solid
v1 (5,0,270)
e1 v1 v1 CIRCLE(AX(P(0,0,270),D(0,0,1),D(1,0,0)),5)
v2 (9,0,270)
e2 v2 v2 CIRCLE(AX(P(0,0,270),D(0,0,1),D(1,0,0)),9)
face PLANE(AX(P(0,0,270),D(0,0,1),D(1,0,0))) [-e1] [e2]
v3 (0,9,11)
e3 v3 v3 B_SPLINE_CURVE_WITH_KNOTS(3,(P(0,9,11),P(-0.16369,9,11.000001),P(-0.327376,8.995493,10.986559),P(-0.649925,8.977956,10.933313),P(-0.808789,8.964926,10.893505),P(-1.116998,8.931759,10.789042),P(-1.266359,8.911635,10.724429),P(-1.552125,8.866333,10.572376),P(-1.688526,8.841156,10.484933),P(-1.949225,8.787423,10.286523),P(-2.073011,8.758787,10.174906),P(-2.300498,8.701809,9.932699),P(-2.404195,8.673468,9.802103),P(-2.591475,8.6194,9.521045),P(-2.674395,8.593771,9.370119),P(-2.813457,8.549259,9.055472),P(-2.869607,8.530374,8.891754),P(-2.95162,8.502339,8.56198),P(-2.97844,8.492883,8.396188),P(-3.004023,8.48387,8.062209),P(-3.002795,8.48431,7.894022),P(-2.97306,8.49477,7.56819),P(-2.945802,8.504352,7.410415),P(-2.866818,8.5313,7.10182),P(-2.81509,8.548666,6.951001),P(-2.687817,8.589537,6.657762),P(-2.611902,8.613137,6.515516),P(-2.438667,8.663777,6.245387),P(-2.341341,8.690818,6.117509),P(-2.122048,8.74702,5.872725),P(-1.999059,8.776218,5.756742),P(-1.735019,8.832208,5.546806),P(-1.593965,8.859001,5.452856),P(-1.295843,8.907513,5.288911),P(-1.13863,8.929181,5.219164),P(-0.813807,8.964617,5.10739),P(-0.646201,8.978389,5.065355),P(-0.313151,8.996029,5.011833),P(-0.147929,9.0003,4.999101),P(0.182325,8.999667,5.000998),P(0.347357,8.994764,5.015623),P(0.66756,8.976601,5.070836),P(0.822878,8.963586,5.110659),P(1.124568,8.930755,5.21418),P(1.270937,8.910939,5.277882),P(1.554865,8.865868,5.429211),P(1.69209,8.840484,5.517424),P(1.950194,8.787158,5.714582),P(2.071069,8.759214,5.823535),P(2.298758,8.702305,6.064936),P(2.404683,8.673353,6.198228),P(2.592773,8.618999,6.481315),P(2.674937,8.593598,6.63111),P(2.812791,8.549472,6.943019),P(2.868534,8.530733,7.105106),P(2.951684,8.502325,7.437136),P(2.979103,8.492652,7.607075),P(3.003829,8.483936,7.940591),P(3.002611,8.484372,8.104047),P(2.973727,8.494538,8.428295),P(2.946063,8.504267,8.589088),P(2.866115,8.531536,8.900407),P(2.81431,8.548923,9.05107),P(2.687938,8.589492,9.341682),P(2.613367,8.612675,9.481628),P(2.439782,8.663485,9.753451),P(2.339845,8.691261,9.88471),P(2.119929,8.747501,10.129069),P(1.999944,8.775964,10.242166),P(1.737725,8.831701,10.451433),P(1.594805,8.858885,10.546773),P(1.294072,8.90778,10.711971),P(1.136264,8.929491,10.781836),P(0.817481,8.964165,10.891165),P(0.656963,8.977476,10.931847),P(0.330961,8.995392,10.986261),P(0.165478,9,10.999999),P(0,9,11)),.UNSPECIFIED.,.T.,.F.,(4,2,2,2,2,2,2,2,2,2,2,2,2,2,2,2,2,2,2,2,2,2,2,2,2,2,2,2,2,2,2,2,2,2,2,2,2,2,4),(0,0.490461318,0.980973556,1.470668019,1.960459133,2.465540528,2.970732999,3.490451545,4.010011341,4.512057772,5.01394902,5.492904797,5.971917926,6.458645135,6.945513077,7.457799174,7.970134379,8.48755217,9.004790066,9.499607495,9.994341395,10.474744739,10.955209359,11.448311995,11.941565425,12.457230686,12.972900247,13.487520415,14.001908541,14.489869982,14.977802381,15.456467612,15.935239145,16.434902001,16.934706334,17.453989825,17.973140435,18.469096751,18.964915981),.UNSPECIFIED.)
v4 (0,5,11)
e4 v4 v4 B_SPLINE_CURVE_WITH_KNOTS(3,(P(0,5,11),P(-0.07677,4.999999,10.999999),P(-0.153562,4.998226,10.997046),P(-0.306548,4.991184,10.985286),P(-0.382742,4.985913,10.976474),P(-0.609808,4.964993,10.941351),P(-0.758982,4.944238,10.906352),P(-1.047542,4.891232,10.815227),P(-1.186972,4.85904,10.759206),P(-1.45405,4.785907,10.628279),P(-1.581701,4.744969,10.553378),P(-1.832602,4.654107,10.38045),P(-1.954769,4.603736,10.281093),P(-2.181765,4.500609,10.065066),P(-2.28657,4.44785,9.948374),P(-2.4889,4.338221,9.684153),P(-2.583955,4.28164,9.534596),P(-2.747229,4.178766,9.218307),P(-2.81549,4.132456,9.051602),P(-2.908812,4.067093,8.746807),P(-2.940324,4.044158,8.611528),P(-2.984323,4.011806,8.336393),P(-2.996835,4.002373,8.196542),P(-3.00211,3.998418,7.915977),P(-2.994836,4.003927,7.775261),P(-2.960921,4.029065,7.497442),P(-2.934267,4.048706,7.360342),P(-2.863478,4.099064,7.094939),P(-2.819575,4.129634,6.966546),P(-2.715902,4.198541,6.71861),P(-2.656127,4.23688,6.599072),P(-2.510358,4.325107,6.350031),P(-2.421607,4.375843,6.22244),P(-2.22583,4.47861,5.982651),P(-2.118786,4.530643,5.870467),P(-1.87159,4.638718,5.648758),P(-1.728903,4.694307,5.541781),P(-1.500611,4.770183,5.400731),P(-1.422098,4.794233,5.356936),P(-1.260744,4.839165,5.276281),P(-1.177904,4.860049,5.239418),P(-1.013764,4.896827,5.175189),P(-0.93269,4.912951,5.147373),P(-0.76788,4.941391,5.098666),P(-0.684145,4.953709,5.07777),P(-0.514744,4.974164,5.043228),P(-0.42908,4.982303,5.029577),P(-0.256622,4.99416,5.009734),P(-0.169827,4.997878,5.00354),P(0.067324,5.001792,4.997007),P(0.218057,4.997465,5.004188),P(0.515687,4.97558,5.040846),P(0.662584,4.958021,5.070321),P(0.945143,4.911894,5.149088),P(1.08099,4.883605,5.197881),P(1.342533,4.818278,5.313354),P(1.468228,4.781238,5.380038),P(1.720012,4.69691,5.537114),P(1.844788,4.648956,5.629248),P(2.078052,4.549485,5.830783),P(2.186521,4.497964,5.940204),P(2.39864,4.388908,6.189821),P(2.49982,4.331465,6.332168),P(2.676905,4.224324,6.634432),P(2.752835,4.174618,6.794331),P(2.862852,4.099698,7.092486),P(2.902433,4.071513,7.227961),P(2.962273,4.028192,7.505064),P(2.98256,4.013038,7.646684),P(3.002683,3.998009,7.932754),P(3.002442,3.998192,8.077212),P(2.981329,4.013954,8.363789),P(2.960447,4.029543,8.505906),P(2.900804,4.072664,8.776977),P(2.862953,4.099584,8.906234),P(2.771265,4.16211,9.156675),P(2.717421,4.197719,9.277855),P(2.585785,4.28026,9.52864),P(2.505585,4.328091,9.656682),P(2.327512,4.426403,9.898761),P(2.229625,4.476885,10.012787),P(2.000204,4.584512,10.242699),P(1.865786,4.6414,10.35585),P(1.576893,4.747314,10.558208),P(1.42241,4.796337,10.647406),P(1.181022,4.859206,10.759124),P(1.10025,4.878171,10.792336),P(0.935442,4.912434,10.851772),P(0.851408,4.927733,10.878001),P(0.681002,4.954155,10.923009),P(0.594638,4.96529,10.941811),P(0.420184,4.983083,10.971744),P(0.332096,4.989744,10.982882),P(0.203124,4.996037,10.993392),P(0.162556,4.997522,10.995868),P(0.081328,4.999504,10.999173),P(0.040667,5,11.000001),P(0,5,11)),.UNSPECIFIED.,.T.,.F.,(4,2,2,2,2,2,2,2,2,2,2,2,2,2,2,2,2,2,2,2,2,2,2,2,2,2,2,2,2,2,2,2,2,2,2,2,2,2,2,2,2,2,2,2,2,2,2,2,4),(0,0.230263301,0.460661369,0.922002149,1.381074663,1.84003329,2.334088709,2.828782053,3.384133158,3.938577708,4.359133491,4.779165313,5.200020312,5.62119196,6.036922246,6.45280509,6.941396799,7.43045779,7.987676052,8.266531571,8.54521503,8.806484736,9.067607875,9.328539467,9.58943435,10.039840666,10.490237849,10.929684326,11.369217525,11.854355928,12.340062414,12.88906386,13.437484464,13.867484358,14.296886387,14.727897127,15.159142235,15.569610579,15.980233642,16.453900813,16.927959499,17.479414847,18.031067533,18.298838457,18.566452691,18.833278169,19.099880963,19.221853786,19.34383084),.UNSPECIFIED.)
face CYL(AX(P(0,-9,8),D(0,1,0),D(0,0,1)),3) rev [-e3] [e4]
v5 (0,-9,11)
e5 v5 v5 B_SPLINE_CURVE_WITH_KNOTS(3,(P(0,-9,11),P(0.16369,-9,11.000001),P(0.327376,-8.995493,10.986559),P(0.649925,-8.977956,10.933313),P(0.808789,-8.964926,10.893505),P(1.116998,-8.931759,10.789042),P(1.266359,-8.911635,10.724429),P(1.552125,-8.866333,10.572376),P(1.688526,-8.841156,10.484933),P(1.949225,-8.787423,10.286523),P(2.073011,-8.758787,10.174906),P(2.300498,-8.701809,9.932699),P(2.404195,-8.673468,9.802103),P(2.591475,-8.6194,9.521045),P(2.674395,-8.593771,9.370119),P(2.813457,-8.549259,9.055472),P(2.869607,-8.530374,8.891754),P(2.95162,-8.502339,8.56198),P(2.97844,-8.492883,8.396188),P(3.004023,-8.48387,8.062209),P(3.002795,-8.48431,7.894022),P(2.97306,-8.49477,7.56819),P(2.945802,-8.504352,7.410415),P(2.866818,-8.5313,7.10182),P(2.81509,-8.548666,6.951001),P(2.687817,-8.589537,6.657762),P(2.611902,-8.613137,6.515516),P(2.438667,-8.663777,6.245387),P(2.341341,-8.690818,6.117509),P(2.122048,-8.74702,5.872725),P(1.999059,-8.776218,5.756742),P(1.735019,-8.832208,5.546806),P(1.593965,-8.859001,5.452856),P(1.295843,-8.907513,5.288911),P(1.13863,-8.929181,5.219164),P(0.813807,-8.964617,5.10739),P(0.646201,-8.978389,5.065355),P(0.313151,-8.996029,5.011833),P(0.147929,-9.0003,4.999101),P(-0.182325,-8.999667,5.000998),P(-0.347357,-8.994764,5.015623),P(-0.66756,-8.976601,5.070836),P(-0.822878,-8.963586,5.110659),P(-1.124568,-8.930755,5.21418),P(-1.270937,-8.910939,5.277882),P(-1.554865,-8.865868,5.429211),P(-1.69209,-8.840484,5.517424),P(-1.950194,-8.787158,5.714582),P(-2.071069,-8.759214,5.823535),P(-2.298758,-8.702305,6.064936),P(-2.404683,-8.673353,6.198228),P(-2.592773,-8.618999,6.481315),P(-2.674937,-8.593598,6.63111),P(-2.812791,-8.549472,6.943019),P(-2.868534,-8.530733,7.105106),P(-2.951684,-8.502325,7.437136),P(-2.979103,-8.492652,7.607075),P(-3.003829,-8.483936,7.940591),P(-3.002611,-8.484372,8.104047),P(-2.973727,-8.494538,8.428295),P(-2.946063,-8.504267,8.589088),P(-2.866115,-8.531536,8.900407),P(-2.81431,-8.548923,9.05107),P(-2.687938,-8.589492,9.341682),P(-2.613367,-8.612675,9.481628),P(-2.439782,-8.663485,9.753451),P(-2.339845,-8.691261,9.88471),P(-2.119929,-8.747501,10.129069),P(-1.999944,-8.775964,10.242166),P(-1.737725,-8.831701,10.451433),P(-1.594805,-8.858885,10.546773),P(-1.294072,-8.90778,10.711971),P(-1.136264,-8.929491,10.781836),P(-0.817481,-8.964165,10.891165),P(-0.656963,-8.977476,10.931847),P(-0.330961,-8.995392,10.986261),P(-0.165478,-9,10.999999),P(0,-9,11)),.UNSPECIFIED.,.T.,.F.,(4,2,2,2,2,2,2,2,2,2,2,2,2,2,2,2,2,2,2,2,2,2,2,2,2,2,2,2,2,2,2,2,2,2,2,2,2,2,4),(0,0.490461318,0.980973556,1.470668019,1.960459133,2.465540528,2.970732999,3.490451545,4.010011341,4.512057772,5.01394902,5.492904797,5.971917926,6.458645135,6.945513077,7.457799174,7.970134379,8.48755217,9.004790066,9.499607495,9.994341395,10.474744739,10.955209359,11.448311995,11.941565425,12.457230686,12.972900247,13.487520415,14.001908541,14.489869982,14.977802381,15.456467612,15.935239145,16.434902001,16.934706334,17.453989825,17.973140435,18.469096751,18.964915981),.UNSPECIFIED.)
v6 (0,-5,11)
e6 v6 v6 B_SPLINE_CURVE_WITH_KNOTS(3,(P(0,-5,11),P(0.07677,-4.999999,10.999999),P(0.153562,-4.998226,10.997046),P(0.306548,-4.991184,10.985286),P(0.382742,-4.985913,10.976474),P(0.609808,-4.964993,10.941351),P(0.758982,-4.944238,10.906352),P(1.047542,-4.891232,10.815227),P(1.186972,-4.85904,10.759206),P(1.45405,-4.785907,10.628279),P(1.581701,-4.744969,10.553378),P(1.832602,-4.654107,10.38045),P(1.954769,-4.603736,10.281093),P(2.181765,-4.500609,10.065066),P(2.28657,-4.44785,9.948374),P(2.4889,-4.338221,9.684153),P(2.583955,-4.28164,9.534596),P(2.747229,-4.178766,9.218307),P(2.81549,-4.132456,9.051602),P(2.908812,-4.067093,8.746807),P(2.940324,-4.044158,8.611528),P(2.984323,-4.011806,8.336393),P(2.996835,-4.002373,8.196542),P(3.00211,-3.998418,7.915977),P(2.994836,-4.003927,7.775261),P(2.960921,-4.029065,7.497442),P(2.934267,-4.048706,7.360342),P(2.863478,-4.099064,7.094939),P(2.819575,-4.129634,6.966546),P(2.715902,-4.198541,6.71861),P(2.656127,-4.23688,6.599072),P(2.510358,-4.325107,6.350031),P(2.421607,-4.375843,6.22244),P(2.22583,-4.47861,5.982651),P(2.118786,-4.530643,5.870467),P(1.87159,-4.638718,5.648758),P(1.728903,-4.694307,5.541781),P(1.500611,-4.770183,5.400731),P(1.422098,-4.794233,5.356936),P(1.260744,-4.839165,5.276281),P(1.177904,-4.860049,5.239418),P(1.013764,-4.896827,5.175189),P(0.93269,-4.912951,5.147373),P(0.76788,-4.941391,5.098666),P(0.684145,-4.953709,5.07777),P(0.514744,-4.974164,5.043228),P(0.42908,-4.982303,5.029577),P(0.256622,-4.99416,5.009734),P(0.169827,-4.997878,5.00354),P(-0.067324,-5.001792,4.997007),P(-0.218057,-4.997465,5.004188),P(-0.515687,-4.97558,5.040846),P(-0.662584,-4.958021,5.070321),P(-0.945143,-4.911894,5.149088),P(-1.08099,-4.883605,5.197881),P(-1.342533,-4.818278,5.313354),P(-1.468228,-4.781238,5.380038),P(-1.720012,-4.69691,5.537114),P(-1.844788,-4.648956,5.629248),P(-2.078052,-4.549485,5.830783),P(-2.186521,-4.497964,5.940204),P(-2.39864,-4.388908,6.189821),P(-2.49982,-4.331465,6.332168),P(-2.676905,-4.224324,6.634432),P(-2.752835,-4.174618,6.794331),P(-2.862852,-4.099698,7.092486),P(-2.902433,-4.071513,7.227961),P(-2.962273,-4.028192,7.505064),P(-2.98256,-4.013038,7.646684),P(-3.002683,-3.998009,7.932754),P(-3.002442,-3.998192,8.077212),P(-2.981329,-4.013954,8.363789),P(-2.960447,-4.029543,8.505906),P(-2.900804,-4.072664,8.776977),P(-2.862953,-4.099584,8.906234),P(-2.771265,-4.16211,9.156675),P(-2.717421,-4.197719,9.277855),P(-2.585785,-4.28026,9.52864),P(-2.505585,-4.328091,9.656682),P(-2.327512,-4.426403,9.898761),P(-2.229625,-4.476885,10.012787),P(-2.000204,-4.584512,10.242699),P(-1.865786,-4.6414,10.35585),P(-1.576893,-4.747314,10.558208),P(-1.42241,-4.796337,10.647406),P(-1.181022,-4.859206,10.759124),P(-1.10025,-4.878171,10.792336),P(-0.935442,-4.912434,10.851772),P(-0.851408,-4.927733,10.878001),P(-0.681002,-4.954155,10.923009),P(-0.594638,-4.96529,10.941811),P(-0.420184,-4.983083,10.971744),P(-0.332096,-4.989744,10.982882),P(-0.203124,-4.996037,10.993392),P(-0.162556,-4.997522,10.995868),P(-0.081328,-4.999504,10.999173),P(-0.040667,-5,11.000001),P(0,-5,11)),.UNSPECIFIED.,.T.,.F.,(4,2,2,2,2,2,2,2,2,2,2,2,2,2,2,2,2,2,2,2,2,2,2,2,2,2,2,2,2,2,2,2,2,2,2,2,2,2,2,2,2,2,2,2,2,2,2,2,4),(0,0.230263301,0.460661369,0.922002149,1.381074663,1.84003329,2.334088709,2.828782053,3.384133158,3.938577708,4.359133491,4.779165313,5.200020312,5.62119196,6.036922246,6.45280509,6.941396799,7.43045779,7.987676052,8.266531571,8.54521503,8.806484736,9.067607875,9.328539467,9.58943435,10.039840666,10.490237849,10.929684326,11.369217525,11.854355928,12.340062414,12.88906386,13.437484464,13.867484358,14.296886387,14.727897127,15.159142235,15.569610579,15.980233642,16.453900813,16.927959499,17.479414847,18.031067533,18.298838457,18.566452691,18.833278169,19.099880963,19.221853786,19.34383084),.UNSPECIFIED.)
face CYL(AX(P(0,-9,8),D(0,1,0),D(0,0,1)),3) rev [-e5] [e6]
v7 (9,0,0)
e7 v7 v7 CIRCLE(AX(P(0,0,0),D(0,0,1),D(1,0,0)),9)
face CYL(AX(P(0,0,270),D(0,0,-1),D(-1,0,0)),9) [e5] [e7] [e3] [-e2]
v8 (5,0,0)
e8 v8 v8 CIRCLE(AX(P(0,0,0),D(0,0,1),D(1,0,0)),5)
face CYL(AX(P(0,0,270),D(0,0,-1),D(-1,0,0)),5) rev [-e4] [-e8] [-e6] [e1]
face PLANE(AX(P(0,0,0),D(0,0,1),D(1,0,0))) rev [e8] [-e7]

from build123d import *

# Parameters (mm, degrees)
SKETCH1_R               = 9
SKETCH1_R_2             = 5
BOSS_EXTRUDE1_DEPTH     = 270
SKETCH2_R               = 3
CUT_EXTRUDE1_DEPTH      = 10
CUT_EXTRUDE1_DEPTH_BACK = 10


with BuildPart() as part:
    # Sketch1 → Boss-Extrude1 (new body)
    with BuildSketch(Plane.XY):
        Circle(SKETCH1_R)
        Circle(SKETCH1_R_2, mode=Mode.SUBTRACT)
    extrude(amount=BOSS_EXTRUDE1_DEPTH)

    # Sketch2 → Cut-Extrude1 (cut, two sides)
    with BuildSketch(Plane(origin=(0, 0, 0), x_dir=(1, 0, 0), z_dir=(0, 1, 0))) as cut_extrude1_sk:
        with Locations((0, -8)):
            Circle(SKETCH2_R)
    extrude(amount=CUT_EXTRUDE1_DEPTH, mode=Mode.SUBTRACT)
    extrude(cut_extrude1_sk.sketch, amount=-CUT_EXTRUDE1_DEPTH_BACK, mode=Mode.SUBTRACT)


solid = part.part
